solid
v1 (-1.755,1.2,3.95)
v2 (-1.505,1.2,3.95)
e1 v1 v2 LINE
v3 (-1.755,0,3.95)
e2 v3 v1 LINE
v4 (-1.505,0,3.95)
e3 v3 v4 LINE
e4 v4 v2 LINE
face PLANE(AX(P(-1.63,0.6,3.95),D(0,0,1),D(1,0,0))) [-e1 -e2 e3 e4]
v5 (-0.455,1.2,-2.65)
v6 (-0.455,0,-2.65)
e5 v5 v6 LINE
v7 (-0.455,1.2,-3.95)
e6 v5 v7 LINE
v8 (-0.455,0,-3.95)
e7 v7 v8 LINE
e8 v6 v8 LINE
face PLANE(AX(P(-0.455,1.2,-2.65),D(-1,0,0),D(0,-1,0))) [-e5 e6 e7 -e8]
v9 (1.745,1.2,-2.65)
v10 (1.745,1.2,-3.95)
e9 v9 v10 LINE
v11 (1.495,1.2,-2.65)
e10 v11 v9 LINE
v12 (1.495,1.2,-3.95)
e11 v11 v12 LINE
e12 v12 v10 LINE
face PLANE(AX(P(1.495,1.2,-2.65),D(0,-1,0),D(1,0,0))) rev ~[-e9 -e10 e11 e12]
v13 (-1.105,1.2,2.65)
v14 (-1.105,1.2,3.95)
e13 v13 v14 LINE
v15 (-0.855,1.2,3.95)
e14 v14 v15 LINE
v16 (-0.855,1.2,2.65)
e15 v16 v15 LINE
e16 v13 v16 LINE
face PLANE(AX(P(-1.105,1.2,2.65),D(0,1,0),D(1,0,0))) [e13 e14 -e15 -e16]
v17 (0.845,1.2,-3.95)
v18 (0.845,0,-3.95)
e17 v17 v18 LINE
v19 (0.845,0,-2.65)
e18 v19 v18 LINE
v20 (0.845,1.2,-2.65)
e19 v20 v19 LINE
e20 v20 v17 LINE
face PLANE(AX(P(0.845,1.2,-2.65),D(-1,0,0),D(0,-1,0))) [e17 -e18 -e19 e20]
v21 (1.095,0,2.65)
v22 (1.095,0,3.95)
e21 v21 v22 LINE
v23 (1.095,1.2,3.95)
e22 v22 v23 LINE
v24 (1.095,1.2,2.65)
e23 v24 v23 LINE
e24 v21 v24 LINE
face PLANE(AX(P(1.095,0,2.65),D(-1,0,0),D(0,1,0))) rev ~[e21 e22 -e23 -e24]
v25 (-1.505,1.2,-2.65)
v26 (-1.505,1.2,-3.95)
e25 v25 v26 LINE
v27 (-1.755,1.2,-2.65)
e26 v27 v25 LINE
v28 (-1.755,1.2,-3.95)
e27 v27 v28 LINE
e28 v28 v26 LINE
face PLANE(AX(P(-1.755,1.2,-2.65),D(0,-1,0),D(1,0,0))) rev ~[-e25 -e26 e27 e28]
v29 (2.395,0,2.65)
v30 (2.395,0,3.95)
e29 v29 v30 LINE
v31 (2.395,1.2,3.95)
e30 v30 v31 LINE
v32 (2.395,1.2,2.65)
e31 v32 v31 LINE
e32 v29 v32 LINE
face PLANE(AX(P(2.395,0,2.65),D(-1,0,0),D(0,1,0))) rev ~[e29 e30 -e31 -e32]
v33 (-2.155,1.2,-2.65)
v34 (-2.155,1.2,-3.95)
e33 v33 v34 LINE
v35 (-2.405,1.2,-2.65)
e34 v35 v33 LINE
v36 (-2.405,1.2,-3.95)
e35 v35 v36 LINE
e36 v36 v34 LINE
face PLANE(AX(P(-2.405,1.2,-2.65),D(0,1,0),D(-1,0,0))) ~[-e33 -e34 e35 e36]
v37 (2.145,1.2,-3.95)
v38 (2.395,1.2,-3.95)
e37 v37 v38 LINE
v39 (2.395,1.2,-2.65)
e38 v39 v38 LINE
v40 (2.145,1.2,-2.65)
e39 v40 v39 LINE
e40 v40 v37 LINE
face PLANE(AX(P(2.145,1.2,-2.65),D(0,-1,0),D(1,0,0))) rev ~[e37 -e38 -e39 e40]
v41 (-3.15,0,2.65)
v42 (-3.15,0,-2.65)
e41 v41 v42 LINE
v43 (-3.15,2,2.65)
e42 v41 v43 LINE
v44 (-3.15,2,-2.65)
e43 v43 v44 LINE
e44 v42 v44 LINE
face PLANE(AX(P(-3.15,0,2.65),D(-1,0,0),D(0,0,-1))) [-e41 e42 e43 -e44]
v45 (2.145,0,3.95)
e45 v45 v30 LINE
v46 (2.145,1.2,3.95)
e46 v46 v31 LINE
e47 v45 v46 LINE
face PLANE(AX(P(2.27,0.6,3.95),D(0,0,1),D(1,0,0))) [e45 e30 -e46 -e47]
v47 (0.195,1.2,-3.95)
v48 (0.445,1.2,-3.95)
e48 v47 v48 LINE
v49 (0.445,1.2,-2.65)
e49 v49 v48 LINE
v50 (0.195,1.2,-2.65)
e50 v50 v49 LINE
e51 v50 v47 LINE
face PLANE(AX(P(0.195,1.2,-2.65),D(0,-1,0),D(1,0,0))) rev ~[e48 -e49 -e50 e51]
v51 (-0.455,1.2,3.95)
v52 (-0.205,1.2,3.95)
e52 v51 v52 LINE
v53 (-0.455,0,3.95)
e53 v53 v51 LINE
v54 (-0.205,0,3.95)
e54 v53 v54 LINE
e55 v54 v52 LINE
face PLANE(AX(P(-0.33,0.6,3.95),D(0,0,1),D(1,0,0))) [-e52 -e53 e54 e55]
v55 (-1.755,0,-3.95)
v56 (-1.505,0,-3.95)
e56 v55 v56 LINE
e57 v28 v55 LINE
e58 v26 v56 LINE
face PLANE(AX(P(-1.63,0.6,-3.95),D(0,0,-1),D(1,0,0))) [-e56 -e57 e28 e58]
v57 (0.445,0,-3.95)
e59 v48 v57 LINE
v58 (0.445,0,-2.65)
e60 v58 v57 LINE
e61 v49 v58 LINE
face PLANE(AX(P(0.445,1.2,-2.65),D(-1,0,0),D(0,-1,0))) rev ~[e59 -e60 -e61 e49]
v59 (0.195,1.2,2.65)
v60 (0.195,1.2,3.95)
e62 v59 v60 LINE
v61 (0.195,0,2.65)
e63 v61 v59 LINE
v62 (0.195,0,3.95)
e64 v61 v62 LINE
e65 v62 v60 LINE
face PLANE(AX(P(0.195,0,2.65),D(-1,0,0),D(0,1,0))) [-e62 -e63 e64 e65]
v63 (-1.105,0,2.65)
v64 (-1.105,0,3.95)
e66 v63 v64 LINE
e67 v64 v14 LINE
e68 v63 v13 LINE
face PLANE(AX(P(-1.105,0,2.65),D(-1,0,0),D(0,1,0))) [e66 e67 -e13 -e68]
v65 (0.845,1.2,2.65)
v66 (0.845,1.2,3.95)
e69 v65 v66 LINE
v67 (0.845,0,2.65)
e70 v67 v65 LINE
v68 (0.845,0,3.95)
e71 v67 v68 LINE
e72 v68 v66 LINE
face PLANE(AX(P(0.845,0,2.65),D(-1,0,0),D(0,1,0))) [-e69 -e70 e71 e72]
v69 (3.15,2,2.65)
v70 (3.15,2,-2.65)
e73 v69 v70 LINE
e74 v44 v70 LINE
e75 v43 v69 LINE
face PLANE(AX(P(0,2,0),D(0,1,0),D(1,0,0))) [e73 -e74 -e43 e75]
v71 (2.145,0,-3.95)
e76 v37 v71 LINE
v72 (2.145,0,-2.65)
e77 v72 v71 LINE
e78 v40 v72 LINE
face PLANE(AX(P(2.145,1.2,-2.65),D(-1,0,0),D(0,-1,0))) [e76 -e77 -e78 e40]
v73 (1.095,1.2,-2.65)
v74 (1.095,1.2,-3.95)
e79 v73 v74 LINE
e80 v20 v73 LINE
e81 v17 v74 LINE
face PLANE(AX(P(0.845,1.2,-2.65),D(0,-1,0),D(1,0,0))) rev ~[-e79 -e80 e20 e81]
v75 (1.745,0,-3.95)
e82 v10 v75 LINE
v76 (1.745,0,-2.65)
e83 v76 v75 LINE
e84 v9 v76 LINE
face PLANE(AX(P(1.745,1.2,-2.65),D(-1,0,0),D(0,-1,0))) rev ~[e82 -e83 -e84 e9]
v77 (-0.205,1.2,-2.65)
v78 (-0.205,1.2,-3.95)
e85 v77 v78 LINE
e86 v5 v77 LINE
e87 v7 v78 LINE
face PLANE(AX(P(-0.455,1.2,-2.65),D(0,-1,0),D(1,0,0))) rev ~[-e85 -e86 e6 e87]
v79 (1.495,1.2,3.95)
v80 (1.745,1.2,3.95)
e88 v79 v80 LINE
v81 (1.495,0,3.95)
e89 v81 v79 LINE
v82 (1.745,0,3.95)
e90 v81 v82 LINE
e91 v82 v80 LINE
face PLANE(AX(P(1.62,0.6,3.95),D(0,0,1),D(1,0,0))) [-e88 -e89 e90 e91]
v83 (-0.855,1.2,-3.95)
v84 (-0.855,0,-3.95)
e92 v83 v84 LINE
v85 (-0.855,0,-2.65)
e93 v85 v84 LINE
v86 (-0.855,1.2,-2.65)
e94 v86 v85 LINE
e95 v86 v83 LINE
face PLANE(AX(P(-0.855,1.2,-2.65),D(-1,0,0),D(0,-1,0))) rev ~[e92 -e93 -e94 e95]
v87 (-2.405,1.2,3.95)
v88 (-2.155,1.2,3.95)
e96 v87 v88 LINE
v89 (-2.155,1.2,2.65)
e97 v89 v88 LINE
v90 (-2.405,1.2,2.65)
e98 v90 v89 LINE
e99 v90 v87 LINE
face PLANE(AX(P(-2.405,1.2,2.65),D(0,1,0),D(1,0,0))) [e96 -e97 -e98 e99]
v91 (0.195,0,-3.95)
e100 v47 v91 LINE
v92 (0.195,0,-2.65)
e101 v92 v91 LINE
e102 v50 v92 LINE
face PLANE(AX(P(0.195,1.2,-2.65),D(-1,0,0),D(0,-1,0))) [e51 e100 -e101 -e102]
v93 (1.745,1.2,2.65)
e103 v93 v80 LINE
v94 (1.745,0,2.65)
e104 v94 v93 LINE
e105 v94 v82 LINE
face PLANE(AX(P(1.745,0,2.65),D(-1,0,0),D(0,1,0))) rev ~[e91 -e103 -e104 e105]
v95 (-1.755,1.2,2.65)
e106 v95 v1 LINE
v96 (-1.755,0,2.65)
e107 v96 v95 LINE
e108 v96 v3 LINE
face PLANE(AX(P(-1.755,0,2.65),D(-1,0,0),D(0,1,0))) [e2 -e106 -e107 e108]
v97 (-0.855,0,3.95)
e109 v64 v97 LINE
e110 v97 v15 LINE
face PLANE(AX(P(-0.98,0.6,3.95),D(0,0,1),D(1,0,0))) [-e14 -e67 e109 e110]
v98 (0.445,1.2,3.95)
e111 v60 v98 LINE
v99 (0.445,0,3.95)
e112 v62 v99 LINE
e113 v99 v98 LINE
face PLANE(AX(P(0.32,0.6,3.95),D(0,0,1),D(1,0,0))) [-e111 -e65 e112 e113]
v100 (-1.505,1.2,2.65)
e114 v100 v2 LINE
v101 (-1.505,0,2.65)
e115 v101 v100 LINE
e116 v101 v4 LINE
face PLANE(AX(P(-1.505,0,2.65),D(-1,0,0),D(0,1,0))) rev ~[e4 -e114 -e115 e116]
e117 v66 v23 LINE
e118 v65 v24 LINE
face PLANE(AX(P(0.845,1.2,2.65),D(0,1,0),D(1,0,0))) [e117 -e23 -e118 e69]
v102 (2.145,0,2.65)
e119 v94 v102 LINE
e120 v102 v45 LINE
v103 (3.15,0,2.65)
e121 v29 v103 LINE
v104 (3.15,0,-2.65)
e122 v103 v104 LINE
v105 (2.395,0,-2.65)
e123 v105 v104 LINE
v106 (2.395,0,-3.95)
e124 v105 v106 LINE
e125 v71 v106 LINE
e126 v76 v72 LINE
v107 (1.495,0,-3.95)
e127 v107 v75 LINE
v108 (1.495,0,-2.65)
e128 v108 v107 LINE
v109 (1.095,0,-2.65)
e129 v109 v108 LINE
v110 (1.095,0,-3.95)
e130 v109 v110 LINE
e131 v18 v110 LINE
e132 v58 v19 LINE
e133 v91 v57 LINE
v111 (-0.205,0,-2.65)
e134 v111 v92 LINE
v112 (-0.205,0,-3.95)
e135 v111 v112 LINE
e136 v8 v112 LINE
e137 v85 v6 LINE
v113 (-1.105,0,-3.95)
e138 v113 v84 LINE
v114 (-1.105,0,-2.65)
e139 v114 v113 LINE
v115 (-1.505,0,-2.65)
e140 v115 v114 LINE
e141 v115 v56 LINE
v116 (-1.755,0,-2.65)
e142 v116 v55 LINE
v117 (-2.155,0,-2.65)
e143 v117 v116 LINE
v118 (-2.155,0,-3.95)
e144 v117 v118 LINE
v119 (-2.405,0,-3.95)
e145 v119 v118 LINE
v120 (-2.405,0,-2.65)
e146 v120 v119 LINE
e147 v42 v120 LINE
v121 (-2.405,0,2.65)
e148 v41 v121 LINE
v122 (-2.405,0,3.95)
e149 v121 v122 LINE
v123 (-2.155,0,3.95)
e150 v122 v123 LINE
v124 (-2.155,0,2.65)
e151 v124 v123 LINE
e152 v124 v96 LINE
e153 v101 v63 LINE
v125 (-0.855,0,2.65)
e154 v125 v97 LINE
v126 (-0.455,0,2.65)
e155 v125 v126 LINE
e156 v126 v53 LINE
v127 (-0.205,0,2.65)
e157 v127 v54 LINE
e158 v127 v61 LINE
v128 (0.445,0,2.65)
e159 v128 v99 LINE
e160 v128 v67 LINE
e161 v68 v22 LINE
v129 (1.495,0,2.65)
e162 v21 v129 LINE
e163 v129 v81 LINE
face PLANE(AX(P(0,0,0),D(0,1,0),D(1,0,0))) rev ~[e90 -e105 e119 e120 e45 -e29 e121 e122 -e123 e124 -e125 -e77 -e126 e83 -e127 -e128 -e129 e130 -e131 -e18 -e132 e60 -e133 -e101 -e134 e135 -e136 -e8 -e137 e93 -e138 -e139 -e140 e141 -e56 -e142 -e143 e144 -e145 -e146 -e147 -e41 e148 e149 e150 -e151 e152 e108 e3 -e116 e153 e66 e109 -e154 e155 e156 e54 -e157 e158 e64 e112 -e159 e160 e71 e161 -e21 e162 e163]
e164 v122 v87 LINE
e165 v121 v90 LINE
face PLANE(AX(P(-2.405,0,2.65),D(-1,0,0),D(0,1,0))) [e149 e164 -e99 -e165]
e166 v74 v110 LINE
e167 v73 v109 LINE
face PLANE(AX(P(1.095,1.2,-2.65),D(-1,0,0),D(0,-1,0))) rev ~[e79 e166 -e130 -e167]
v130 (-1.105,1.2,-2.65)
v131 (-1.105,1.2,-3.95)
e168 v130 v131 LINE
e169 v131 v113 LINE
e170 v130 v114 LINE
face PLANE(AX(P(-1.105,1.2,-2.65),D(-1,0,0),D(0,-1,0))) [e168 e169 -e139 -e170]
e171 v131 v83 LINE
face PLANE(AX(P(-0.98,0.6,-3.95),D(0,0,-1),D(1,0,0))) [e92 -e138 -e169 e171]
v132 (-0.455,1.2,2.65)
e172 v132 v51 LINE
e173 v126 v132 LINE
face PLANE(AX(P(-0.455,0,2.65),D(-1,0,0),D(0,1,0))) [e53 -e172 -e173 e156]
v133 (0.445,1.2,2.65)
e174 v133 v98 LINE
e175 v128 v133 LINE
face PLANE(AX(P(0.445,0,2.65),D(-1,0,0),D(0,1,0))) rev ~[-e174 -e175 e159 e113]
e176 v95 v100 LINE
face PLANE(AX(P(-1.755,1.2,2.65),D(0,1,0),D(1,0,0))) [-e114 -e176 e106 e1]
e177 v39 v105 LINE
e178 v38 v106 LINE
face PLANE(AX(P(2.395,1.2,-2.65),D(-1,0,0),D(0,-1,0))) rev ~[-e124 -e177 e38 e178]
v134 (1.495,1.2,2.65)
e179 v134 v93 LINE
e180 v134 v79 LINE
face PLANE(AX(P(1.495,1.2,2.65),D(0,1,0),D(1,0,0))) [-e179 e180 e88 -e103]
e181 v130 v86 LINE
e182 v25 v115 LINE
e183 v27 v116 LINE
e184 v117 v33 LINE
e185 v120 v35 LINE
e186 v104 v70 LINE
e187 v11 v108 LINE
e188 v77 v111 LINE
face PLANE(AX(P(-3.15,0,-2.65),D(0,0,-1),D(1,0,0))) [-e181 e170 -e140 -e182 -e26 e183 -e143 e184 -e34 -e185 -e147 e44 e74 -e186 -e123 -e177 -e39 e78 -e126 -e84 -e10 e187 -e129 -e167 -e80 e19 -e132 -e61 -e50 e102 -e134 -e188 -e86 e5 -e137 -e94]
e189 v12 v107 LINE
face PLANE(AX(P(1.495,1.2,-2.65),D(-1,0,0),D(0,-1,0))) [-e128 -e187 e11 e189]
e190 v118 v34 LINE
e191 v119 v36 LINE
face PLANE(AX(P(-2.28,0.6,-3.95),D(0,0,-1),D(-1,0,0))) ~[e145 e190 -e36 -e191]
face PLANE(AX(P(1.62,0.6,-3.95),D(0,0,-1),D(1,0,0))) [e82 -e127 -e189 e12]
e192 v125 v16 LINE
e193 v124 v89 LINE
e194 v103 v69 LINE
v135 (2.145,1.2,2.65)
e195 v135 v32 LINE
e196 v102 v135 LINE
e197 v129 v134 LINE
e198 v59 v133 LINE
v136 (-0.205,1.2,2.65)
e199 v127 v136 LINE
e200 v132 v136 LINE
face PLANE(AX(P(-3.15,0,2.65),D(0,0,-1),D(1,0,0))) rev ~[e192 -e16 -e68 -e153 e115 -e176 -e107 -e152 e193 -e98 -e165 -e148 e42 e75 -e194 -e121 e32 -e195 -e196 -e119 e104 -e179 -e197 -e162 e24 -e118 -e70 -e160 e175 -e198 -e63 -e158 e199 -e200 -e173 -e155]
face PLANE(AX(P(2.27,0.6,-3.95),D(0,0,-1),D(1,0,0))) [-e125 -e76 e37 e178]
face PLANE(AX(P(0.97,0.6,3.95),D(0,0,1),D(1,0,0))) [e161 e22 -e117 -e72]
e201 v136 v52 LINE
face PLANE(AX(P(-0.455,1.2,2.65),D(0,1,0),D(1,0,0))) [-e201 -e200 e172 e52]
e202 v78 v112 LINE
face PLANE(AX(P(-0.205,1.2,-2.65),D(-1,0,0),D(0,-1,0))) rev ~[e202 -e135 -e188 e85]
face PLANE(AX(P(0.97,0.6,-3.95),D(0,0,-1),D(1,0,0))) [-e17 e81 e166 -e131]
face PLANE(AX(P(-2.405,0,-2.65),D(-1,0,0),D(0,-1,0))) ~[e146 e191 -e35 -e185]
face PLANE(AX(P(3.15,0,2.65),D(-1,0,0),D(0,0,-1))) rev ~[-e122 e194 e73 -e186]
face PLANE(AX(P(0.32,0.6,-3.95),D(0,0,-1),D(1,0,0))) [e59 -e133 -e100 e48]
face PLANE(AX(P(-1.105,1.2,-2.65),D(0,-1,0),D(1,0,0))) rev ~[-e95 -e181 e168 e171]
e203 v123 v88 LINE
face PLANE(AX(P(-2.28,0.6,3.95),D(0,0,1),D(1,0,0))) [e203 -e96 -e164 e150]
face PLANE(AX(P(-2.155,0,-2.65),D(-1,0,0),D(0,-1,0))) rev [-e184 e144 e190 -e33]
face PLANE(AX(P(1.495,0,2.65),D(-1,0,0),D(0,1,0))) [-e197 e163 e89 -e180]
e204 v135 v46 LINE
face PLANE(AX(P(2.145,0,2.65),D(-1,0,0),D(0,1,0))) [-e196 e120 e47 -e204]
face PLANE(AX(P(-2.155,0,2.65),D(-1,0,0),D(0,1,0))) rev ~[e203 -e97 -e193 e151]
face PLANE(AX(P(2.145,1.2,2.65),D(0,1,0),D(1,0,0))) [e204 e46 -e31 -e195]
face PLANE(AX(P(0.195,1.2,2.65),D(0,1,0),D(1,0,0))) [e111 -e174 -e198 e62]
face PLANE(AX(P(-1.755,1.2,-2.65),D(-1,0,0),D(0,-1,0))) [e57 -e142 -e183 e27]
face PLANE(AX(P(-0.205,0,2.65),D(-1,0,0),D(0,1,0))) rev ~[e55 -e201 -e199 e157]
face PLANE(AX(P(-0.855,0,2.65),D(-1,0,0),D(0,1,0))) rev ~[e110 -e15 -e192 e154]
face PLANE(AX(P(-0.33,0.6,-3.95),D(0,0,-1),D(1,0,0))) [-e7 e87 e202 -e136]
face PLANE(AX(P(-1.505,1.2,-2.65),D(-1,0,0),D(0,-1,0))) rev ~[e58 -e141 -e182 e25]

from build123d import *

# Parameters (mm, degrees)
SKETCH1_W               = 6.3
SKETCH1_H               = 5.3
BOSS_EXTRUDE1_DEPTH     = 2
SKETCH2_W               = 0.25
SKETCH2_H               = 1.2
BOSS_EXTRUDE2_DEPTH     = 1.3
LPATTERN1_COUNT         = 8
LPATTERN1_PITCH         = 0.65
MIRROR1_COPY_1_SKETCH_W = 0.25
MIRROR1_COPY_1_SKETCH_H = 1.2
MIRROR1_COPY_1_DEPTH    = 1.3
MIRROR1_COPY_2_SKETCH_W = 0.25
MIRROR1_COPY_2_SKETCH_H = 1.2
MIRROR1_COPY_2_DEPTH    = 1.3
MIRROR1_COPY_3_SKETCH_W = 0.25
MIRROR1_COPY_3_SKETCH_H = 1.2
MIRROR1_COPY_3_DEPTH    = 1.3
MIRROR1_COPY_4_SKETCH_W = 0.25
MIRROR1_COPY_4_SKETCH_H = 1.2
MIRROR1_COPY_4_DEPTH    = 1.3
MIRROR1_COPY_5_SKETCH_W = 0.25
MIRROR1_COPY_5_SKETCH_H = 1.2
MIRROR1_COPY_5_DEPTH    = 1.3
MIRROR1_COPY_6_SKETCH_W = 0.25
MIRROR1_COPY_6_SKETCH_H = 1.2
MIRROR1_COPY_6_DEPTH    = 1.3
MIRROR1_COPY_7_SKETCH_W = 0.25
MIRROR1_COPY_7_SKETCH_H = 1.2
MIRROR1_COPY_7_DEPTH    = 1.3


with BuildPart() as part:
    # Sketch1 → Boss-Extrude1 (new body)
    with BuildSketch(Plane(origin=(0, 0, 0), x_dir=(1, 0, 0), z_dir=(0, 1, 0))):
        Rectangle(SKETCH1_W, SKETCH1_H)
    extrude(amount=BOSS_EXTRUDE1_DEPTH)

    # Sketch2 → Boss-Extrude2 (add)
    with BuildSketch(Plane.XY.offset(2.65)):
        with Locations((-2.28, 0.6)):
            Rectangle(SKETCH2_W, SKETCH2_H)
    boss_extrude2 = extrude(amount=BOSS_EXTRUDE2_DEPTH)

    # LPattern1: Boss-Extrude2 ×8
    with Locations(*[(i * LPATTERN1_PITCH, 0, 0) for i in range(1, LPATTERN1_COUNT)]):
        add(boss_extrude2)

    # Mirror1: Boss-Extrude2 across plane
    add(boss_extrude2.mirror(Plane.XY))

    # Mirror1 copy 1 sketch → Mirror1 copy 1 (add)
    with BuildSketch(Plane(origin=(0.65, 0, -2.65), x_dir=(1, 0, 0), z_dir=(0, 0, -1))):
        with Locations((-2.28, -0.6)):
            Rectangle(MIRROR1_COPY_1_SKETCH_W, MIRROR1_COPY_1_SKETCH_H)
    extrude(amount=MIRROR1_COPY_1_DEPTH)

    # Mirror1 copy 2 sketch → Mirror1 copy 2 (add)
    with BuildSketch(Plane(origin=(1.3, 0, -2.65), x_dir=(1, 0, 0), z_dir=(0, 0, -1))):
        with Locations((-2.28, -0.6)):
            Rectangle(MIRROR1_COPY_2_SKETCH_W, MIRROR1_COPY_2_SKETCH_H)
    extrude(amount=MIRROR1_COPY_2_DEPTH)

    # Mirror1 copy 3 sketch → Mirror1 copy 3 (add)
    with BuildSketch(Plane(origin=(1.95, 0, -2.65), x_dir=(1, 0, 0), z_dir=(0, 0, -1))):
        with Locations((-2.28, -0.6)):
            Rectangle(MIRROR1_COPY_3_SKETCH_W, MIRROR1_COPY_3_SKETCH_H)
    extrude(amount=MIRROR1_COPY_3_DEPTH)

    # Mirror1 copy 4 sketch → Mirror1 copy 4 (add)
    with BuildSketch(Plane(origin=(2.6, 0, -2.65), x_dir=(1, 0, 0), z_dir=(0, 0, -1))):
        with Locations((-2.28, -0.6)):
            Rectangle(MIRROR1_COPY_4_SKETCH_W, MIRROR1_COPY_4_SKETCH_H)
    extrude(amount=MIRROR1_COPY_4_DEPTH)

    # Mirror1 copy 5 sketch → Mirror1 copy 5 (add)
    with BuildSketch(Plane(origin=(3.25, 0, -2.65), x_dir=(1, 0, 0), z_dir=(0, 0, -1))):
        with Locations((-2.28, -0.6)):
            Rectangle(MIRROR1_COPY_5_SKETCH_W, MIRROR1_COPY_5_SKETCH_H)
    extrude(amount=MIRROR1_COPY_5_DEPTH)

    # Mirror1 copy 6 sketch → Mirror1 copy 6 (add)
    with BuildSketch(Plane(origin=(3.9, 0, -2.65), x_dir=(1, 0, 0), z_dir=(0, 0, -1))):
        with Locations((-2.28, -0.6)):
            Rectangle(MIRROR1_COPY_6_SKETCH_W, MIRROR1_COPY_6_SKETCH_H)
    extrude(amount=MIRROR1_COPY_6_DEPTH)

    # Mirror1 copy 7 sketch → Mirror1 copy 7 (add)
    with BuildSketch(Plane(origin=(4.55, 0, -2.65), x_dir=(1, 0, 0), z_dir=(0, 0, -1))):
        with Locations((-2.28, -0.6)):
            Rectangle(MIRROR1_COPY_7_SKETCH_W, MIRROR1_COPY_7_SKETCH_H)
    extrude(amount=MIRROR1_COPY_7_DEPTH)


solid = part.part
